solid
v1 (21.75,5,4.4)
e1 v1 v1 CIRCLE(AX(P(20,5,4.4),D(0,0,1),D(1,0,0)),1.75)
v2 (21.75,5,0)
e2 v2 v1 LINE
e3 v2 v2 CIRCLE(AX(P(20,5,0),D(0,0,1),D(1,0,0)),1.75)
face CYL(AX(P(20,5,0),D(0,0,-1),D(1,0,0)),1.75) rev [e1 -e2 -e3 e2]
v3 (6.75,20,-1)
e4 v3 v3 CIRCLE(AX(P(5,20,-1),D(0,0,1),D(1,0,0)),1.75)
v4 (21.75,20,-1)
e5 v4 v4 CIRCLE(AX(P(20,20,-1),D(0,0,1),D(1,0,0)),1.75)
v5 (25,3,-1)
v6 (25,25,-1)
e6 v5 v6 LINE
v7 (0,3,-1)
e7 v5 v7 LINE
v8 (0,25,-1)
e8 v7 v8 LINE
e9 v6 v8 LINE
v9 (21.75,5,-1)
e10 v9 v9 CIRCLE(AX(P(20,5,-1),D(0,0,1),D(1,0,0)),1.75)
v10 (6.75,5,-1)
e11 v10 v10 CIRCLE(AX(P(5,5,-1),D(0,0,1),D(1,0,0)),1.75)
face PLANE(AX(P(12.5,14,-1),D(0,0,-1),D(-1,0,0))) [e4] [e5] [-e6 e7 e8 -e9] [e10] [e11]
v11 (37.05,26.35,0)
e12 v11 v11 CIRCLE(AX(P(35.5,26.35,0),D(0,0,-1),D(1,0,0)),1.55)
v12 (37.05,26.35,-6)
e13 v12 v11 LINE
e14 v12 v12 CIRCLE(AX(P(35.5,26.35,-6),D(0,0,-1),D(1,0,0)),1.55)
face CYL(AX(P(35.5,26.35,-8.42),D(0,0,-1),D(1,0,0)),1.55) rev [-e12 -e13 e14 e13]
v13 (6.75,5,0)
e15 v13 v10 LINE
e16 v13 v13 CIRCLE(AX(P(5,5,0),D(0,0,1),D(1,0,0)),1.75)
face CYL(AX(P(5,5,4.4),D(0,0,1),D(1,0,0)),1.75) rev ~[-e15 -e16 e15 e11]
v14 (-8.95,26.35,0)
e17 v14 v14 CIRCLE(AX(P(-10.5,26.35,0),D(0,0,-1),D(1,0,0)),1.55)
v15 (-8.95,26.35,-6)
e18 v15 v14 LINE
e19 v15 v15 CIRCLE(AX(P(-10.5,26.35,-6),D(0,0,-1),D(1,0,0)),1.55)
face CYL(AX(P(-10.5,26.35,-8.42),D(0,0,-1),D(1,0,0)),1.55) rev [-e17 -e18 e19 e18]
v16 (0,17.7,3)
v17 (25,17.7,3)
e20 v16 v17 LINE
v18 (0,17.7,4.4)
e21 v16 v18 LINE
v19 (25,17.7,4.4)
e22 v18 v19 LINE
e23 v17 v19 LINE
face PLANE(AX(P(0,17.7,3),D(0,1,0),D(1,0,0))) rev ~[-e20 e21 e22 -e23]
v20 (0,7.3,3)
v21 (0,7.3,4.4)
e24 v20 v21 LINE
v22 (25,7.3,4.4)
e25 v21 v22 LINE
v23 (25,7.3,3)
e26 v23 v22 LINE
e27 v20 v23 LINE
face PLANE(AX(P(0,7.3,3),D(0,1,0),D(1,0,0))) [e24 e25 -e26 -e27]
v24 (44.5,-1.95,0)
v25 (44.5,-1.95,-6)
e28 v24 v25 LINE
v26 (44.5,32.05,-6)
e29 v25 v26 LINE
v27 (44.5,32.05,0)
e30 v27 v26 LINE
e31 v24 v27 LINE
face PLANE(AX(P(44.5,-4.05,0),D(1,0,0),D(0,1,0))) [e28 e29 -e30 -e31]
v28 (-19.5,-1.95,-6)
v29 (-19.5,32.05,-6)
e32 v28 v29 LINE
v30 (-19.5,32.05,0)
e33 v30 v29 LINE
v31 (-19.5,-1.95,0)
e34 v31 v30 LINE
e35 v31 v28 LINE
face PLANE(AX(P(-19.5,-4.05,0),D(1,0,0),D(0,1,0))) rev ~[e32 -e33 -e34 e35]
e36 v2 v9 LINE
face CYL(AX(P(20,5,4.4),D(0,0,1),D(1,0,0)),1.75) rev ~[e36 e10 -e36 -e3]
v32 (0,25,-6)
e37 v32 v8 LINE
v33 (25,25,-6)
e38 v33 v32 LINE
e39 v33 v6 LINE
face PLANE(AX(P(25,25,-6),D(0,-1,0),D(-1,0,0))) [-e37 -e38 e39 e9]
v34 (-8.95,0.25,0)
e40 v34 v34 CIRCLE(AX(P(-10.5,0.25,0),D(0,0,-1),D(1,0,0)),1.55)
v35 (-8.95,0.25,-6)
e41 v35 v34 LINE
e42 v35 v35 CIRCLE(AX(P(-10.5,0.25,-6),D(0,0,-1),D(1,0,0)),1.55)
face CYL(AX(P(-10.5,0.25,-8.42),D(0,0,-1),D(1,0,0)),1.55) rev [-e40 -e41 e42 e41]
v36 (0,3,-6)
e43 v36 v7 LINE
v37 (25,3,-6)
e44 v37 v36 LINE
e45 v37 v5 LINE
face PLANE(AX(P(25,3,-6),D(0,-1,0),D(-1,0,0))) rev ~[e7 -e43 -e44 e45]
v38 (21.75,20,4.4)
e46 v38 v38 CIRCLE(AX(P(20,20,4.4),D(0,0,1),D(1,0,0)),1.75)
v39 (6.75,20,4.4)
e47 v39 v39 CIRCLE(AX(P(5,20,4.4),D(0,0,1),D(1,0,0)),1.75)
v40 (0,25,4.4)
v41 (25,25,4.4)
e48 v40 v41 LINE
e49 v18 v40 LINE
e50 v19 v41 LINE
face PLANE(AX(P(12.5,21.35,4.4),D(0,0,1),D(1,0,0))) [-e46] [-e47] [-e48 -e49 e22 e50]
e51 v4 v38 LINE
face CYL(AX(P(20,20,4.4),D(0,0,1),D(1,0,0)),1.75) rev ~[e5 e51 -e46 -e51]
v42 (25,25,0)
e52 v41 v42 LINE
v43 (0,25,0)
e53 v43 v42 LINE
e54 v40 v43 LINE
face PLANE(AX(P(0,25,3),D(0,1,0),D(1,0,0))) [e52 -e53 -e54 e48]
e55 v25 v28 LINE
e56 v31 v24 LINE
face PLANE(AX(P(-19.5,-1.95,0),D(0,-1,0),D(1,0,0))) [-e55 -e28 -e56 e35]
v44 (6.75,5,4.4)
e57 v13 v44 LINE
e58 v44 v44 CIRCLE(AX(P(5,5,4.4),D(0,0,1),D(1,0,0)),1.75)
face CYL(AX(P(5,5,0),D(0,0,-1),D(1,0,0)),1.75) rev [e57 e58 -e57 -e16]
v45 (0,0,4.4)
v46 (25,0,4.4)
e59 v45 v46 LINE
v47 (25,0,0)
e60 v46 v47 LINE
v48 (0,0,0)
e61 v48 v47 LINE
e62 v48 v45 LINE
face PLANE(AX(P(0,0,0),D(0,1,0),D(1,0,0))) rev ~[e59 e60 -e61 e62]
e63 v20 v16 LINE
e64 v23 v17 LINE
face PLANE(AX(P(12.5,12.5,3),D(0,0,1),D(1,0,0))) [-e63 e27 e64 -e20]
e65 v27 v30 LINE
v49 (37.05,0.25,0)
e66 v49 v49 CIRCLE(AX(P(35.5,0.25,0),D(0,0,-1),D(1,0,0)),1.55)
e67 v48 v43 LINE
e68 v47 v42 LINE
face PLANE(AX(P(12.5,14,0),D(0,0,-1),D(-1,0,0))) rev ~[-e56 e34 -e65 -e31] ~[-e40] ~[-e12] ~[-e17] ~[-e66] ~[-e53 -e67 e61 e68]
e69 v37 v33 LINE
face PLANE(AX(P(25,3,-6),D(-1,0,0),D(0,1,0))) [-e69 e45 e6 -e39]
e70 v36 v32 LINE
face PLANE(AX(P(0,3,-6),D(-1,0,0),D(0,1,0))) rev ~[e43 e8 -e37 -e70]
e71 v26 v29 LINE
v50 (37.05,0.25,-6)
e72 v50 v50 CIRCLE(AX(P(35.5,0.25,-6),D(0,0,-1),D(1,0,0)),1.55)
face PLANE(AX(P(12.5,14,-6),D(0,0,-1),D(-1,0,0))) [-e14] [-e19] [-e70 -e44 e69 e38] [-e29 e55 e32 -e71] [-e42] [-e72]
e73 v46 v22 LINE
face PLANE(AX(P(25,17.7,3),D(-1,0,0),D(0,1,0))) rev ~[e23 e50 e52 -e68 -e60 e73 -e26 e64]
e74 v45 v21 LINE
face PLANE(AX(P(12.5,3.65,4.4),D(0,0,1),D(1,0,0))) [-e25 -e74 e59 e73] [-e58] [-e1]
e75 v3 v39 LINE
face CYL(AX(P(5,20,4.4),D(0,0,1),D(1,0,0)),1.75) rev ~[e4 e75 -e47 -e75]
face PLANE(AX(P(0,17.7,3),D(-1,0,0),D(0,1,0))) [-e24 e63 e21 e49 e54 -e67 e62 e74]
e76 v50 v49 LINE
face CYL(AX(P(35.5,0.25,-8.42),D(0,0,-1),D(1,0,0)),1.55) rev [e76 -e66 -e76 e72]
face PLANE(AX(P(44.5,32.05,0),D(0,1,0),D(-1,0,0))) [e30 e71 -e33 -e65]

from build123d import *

# Parameters (mm, degrees)
SKETCH_1_W          = 25
SKETCH_1_H          = 25
SKETCH_1_R          = 1.75
EXTRUDE_1_DEPTH     = 3
SKETCH_2_W          = 25
SKETCH_2_H          = 7.3
EXTRUDE_2_DEPTH     = 1.4
SKETCH_3_R          = 1.75
CUT_EXTRUDE_1_DEPTH = 36.628078814
SKETCH_6_W          = 64
SKETCH_6_H          = 36.1
EXTRUDE_5_DEPTH     = 6
SKETCH_7_W          = 25
SKETCH_7_H          = 22
CUT_EXTRUDE_2_DEPTH = 5
SKETCH_3_2_R        = 1.75
CUT_EXTRUDE_5_DEPTH = 56.817671933
SKETCH_9_W          = 64
SKETCH_9_H          = 2.1
CUT_EXTRUDE_6_DEPTH = 10
SKETCH_10_R         = 1.55
CUT_EXTRUDE_7_DEPTH = 57.318779284


with BuildPart() as part:
    # 草图1 → 凸台-拉伸1 (new body)
    with BuildSketch(Plane.XY):
        with Locations((12.5, 12.5)):
            Rectangle(SKETCH_1_W, SKETCH_1_H)
        with Locations((5, 20)):
            Circle(SKETCH_1_R, mode=Mode.SUBTRACT)
        with Locations((20, 20)):
            Circle(SKETCH_1_R, mode=Mode.SUBTRACT)
        with Locations((5, 5)):
            Circle(SKETCH_1_R, mode=Mode.SUBTRACT)
        with Locations((20, 5)):
            Circle(SKETCH_1_R, mode=Mode.SUBTRACT)
    extrude(amount=EXTRUDE_1_DEPTH)

    # 草图2 → 凸台-拉伸2 (add)
    with BuildSketch(Plane.XY.offset(3)):
        with Locations((12.5, 21.35)):
            Rectangle(SKETCH_2_W, SKETCH_2_H)
        with Locations((12.5, 3.65)):
            Rectangle(SKETCH_2_W, SKETCH_2_H)
    extrude(amount=EXTRUDE_2_DEPTH)

    # 草图3 → 切除-拉伸1 (cut, through all)
    with BuildSketch(Plane.XY.offset(4.4)):
        with Locations((5, 5)):
            Circle(SKETCH_3_R)
        with Locations((20, 5)):
            Circle(SKETCH_3_R)
        with Locations((20, 20)):
            Circle(SKETCH_3_R)
        with Locations((5, 20)):
            Circle(SKETCH_3_R)
    extrude(amount=-CUT_EXTRUDE_1_DEPTH, mode=Mode.SUBTRACT)

    # 草图6 → 凸台-拉伸5 (add)
    with BuildSketch(Plane(origin=(0, 0, 0), x_dir=(-1, 0, 0), z_dir=(0, 0, -1))):
        with Locations((-12.5, 14)):
            Rectangle(SKETCH_6_W, SKETCH_6_H)
    extrude(amount=EXTRUDE_5_DEPTH)

    # 草图7 → 切除-拉伸2 (cut)
    with BuildSketch(Plane(origin=(0, 0, -6), x_dir=(-1, 0, 0), z_dir=(0, 0, -1))):
        with Locations((-12.5, 14)):
            Rectangle(SKETCH_7_W, SKETCH_7_H)
    extrude(amount=-CUT_EXTRUDE_2_DEPTH, mode=Mode.SUBTRACT)

    # 草图3<2> → 切除-拉伸5 (cut, through all)
    with BuildSketch(Plane.XY.offset(4.4)):
        with Locations((5, 5)):
            Circle(SKETCH_3_2_R)
        with Locations((20, 5)):
            Circle(SKETCH_3_2_R)
        with Locations((20, 20)):
            Circle(SKETCH_3_2_R)
        with Locations((5, 20)):
            Circle(SKETCH_3_2_R)
    extrude(amount=-CUT_EXTRUDE_5_DEPTH, mode=Mode.SUBTRACT)

    # 草图9 → 切除-拉伸6 (cut)
    with BuildSketch(Plane.XY):
        with Locations((12.5, -3)):
            Rectangle(SKETCH_9_W, SKETCH_9_H)
    extrude(amount=-CUT_EXTRUDE_6_DEPTH, mode=Mode.SUBTRACT)

    # 草图10 → 切除-拉伸7 (cut, through all)
    with BuildSketch(Plane.XY.offset(-8.42)):
        with Locations((-10.5, 26.35)):
            Circle(SKETCH_10_R)
        with Locations((35.5, 26.35)):
            Circle(SKETCH_10_R)
        with Locations((35.5, 0.25)):
            Circle(SKETCH_10_R)
        with Locations((-10.5, 0.25)):
            Circle(SKETCH_10_R)
    extrude(amount=CUT_EXTRUDE_7_DEPTH, mode=Mode.SUBTRACT)


solid = part.part
